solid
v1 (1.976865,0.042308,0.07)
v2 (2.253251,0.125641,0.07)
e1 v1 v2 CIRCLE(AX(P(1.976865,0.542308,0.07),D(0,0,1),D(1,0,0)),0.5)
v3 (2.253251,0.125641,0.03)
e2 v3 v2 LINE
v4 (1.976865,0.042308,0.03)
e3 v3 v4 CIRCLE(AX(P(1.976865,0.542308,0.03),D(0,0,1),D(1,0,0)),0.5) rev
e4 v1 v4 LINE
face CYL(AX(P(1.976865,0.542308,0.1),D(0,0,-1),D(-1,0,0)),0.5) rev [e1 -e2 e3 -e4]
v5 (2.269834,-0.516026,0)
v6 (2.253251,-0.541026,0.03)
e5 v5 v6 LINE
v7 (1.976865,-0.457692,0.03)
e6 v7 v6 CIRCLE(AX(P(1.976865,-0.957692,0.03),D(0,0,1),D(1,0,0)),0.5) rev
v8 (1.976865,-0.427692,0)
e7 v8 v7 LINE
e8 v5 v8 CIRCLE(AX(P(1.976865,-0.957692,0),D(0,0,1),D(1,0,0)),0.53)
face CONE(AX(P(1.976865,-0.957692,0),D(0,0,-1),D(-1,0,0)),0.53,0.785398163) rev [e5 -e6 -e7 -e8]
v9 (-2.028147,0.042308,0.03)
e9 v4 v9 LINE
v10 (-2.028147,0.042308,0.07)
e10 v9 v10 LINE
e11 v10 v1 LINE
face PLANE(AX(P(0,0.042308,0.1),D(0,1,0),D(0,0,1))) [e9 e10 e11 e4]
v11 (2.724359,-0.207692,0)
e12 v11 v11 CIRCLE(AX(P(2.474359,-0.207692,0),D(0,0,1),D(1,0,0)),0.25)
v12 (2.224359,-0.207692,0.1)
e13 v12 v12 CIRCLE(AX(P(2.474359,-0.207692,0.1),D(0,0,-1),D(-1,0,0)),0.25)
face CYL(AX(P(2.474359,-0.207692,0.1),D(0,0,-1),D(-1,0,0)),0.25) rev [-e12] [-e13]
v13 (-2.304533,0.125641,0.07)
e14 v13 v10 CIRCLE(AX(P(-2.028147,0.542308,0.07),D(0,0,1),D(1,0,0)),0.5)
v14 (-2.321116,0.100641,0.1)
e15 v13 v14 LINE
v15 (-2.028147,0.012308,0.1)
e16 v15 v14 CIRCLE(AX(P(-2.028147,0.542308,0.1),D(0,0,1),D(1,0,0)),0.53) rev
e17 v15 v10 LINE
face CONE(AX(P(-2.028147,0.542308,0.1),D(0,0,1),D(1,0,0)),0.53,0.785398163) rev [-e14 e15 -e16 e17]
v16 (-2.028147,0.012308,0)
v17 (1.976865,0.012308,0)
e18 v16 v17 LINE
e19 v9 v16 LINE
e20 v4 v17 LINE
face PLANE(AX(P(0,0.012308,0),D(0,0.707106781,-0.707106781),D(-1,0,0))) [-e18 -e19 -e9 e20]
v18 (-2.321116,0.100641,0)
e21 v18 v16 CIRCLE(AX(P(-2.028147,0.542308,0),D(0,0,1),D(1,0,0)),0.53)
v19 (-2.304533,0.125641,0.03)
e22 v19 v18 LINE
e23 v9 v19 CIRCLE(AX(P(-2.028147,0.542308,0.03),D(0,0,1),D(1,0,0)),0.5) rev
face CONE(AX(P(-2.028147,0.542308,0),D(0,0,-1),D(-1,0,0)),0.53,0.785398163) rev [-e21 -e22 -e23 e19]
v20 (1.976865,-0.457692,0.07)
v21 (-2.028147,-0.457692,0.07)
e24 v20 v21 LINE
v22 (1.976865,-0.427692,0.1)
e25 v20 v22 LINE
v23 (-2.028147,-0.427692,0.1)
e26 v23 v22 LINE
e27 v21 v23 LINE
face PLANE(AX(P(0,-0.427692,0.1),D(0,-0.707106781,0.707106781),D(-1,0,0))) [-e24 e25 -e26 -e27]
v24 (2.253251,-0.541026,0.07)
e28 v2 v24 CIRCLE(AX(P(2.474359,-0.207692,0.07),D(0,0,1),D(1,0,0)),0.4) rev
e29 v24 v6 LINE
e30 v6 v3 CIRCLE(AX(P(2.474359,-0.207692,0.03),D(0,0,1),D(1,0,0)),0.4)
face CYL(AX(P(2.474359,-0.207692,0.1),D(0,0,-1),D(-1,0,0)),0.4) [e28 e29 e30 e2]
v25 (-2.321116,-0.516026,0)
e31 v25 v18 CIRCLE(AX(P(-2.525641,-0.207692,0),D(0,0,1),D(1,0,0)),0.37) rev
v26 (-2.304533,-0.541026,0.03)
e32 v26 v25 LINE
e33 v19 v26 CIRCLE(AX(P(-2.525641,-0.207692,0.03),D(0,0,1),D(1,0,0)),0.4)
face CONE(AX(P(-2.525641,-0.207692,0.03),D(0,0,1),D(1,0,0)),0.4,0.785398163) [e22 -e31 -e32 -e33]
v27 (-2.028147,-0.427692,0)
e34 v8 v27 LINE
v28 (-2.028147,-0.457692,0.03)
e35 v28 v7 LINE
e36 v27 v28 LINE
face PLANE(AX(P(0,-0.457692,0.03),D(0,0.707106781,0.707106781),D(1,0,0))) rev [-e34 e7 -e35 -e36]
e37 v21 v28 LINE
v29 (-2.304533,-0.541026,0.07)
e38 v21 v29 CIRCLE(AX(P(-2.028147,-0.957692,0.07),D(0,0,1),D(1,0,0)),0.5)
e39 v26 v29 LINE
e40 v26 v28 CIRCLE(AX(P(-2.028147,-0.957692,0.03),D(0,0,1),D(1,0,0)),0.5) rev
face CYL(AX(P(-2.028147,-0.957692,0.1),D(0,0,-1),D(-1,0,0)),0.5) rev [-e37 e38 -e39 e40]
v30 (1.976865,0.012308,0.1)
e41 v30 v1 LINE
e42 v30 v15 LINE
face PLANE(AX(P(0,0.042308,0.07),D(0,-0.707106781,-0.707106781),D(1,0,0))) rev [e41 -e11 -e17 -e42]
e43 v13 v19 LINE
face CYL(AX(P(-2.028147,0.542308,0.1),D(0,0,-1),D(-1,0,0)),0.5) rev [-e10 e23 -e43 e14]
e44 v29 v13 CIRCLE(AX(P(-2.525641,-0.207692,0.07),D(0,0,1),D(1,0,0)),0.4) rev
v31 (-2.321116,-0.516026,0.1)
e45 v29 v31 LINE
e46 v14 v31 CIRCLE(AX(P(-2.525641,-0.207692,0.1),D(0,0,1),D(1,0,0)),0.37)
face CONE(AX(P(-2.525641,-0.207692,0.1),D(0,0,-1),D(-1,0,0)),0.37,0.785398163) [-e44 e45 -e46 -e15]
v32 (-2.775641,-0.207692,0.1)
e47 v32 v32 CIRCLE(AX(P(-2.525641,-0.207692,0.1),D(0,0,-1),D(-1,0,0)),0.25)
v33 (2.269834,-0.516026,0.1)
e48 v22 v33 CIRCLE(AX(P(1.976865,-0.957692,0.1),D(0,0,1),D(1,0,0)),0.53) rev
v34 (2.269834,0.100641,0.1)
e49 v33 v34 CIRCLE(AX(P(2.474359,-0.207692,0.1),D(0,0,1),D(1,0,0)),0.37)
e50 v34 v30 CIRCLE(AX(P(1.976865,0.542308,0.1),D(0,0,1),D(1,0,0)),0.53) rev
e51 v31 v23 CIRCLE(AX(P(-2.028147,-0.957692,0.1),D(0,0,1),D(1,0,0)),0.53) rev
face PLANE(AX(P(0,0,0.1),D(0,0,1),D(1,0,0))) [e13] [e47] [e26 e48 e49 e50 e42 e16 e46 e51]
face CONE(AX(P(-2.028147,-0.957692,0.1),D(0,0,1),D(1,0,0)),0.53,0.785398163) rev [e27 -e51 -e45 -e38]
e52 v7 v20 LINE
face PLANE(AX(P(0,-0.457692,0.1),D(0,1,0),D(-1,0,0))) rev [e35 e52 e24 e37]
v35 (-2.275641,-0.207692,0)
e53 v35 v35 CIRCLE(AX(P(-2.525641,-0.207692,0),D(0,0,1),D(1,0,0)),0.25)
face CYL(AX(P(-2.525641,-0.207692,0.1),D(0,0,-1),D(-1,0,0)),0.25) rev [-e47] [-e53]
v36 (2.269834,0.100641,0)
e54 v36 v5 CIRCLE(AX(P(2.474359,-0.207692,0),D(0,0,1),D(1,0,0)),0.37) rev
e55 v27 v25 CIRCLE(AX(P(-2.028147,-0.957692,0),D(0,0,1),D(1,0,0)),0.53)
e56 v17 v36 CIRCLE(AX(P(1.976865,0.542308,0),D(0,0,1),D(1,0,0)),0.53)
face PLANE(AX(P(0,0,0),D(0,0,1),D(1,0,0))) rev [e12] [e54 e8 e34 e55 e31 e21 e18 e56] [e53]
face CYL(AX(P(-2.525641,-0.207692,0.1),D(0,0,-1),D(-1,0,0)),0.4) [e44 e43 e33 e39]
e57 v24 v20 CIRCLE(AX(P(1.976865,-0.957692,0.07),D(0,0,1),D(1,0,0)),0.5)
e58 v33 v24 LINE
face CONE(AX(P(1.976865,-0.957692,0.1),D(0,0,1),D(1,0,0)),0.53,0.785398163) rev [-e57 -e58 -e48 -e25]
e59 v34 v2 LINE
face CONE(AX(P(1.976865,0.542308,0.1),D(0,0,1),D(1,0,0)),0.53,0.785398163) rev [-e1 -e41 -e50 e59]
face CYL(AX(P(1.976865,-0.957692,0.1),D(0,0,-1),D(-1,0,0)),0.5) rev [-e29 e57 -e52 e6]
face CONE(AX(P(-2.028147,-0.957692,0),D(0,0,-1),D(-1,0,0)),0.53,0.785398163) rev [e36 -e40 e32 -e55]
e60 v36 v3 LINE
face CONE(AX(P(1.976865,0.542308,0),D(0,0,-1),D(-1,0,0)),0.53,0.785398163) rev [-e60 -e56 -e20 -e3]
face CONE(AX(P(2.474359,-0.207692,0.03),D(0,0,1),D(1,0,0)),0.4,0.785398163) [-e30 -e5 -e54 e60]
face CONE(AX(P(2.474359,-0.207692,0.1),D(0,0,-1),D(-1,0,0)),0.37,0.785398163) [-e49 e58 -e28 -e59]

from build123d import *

# Parameters (mm, degrees)
BOSS_EXTRUDE1_DEPTH     = 0.1
FILLET1_R               = 0.5
FILLET2_R               = 0.5
CHAMFER2_SIZE           = 0.03
CHAMFER3_SIZE           = 0.03
SKETCH3_R               = 0.25
CUT_EXTRUDE1_DEPTH      = 1
CUT_EXTRUDE1_DEPTH_BACK = 1.1


with BuildPart() as part:
    # Sketch2 → Boss-Extrude1 (new body)
    with BuildSketch(Plane.XY):
        with BuildLine():
            Line((2.162109074, 0.042307692), (-2.213391126, 0.042307692))
            ThreePointArc((-2.213391126, 0.042307692), (-2.925641026, -0.207692308), (-2.213391126, -0.457692308))
            Line((-2.213391126, -0.457692308), (2.162109074, -0.457692308))
            ThreePointArc((2.162109074, -0.457692308), (2.874358974, -0.207692308), (2.162109074, 0.042307692))
        make_face()
    extrude(amount=BOSS_EXTRUDE1_DEPTH)

    # Fillet1
    fillet1_edges = [part.edges().sort_by_distance(p)[0] for p in [
        (2.162109074, 0.042307692, 0.05),
    ]]
    fillet(fillet1_edges, radius=FILLET1_R)

    # Fillet2
    fillet2_edges = [part.edges().sort_by_distance(p)[0] for p in [
        (2.162109074, -0.457692308, 0.05),
        (-2.213391126, -0.457692308, 0.05),
        (-2.213391126, 0.042307692, 0.05),
    ]]
    fillet(fillet2_edges, radius=FILLET2_R)

    # Chamfer2
    chamfer2_edges = [part.edges().sort_by_distance(p)[0] for p in [
        (2.121202823, 0.063594138, 0.1),
        (-2.925641026, -0.207692308, 0.1),
        (-0.025641026, 0.042307692, 0.1),
        (-0.025641026, -0.457692308, 0.1),
        (2.874358974, -0.207692308, 0.1),
        (-2.172484874, 0.063594138, 0.1),
        (-2.172484874, -0.478978754, 0.1),
        (2.121202823, -0.478978754, 0.1),
    ]]
    chamfer(chamfer2_edges, length=CHAMFER2_SIZE)

    # Chamfer3
    chamfer3_edges = [part.edges().sort_by_distance(p)[0] for p in [
        (2.121202823, 0.063594138, 0),
        (-2.925641026, -0.207692308, 0),
        (-0.025641026, 0.042307692, 0),
        (-0.025641026, -0.457692308, 0),
        (2.874358974, -0.207692308, 0),
        (-2.172484874, 0.063594138, 0),
        (-2.172484874, -0.478978754, 0),
        (2.121202823, -0.478978754, 0),
    ]]
    chamfer(chamfer3_edges, length=CHAMFER3_SIZE)

    # Sketch3 → Cut-Extrude1 (cut, two sides)
    with BuildSketch(Plane(origin=(0, 0, 0), x_dir=(-1, 0, 0), z_dir=(0, 0, -1))) as cut_extrude1_sk:
        with Locations((-2.474358974, -0.207692308)):
            Circle(SKETCH3_R)
        with Locations((2.525641026, -0.207692308)):
            Circle(SKETCH3_R)
    extrude(amount=CUT_EXTRUDE1_DEPTH, mode=Mode.SUBTRACT)
    extrude(cut_extrude1_sk.sketch, amount=-CUT_EXTRUDE1_DEPTH_BACK, mode=Mode.SUBTRACT)


solid = part.part
